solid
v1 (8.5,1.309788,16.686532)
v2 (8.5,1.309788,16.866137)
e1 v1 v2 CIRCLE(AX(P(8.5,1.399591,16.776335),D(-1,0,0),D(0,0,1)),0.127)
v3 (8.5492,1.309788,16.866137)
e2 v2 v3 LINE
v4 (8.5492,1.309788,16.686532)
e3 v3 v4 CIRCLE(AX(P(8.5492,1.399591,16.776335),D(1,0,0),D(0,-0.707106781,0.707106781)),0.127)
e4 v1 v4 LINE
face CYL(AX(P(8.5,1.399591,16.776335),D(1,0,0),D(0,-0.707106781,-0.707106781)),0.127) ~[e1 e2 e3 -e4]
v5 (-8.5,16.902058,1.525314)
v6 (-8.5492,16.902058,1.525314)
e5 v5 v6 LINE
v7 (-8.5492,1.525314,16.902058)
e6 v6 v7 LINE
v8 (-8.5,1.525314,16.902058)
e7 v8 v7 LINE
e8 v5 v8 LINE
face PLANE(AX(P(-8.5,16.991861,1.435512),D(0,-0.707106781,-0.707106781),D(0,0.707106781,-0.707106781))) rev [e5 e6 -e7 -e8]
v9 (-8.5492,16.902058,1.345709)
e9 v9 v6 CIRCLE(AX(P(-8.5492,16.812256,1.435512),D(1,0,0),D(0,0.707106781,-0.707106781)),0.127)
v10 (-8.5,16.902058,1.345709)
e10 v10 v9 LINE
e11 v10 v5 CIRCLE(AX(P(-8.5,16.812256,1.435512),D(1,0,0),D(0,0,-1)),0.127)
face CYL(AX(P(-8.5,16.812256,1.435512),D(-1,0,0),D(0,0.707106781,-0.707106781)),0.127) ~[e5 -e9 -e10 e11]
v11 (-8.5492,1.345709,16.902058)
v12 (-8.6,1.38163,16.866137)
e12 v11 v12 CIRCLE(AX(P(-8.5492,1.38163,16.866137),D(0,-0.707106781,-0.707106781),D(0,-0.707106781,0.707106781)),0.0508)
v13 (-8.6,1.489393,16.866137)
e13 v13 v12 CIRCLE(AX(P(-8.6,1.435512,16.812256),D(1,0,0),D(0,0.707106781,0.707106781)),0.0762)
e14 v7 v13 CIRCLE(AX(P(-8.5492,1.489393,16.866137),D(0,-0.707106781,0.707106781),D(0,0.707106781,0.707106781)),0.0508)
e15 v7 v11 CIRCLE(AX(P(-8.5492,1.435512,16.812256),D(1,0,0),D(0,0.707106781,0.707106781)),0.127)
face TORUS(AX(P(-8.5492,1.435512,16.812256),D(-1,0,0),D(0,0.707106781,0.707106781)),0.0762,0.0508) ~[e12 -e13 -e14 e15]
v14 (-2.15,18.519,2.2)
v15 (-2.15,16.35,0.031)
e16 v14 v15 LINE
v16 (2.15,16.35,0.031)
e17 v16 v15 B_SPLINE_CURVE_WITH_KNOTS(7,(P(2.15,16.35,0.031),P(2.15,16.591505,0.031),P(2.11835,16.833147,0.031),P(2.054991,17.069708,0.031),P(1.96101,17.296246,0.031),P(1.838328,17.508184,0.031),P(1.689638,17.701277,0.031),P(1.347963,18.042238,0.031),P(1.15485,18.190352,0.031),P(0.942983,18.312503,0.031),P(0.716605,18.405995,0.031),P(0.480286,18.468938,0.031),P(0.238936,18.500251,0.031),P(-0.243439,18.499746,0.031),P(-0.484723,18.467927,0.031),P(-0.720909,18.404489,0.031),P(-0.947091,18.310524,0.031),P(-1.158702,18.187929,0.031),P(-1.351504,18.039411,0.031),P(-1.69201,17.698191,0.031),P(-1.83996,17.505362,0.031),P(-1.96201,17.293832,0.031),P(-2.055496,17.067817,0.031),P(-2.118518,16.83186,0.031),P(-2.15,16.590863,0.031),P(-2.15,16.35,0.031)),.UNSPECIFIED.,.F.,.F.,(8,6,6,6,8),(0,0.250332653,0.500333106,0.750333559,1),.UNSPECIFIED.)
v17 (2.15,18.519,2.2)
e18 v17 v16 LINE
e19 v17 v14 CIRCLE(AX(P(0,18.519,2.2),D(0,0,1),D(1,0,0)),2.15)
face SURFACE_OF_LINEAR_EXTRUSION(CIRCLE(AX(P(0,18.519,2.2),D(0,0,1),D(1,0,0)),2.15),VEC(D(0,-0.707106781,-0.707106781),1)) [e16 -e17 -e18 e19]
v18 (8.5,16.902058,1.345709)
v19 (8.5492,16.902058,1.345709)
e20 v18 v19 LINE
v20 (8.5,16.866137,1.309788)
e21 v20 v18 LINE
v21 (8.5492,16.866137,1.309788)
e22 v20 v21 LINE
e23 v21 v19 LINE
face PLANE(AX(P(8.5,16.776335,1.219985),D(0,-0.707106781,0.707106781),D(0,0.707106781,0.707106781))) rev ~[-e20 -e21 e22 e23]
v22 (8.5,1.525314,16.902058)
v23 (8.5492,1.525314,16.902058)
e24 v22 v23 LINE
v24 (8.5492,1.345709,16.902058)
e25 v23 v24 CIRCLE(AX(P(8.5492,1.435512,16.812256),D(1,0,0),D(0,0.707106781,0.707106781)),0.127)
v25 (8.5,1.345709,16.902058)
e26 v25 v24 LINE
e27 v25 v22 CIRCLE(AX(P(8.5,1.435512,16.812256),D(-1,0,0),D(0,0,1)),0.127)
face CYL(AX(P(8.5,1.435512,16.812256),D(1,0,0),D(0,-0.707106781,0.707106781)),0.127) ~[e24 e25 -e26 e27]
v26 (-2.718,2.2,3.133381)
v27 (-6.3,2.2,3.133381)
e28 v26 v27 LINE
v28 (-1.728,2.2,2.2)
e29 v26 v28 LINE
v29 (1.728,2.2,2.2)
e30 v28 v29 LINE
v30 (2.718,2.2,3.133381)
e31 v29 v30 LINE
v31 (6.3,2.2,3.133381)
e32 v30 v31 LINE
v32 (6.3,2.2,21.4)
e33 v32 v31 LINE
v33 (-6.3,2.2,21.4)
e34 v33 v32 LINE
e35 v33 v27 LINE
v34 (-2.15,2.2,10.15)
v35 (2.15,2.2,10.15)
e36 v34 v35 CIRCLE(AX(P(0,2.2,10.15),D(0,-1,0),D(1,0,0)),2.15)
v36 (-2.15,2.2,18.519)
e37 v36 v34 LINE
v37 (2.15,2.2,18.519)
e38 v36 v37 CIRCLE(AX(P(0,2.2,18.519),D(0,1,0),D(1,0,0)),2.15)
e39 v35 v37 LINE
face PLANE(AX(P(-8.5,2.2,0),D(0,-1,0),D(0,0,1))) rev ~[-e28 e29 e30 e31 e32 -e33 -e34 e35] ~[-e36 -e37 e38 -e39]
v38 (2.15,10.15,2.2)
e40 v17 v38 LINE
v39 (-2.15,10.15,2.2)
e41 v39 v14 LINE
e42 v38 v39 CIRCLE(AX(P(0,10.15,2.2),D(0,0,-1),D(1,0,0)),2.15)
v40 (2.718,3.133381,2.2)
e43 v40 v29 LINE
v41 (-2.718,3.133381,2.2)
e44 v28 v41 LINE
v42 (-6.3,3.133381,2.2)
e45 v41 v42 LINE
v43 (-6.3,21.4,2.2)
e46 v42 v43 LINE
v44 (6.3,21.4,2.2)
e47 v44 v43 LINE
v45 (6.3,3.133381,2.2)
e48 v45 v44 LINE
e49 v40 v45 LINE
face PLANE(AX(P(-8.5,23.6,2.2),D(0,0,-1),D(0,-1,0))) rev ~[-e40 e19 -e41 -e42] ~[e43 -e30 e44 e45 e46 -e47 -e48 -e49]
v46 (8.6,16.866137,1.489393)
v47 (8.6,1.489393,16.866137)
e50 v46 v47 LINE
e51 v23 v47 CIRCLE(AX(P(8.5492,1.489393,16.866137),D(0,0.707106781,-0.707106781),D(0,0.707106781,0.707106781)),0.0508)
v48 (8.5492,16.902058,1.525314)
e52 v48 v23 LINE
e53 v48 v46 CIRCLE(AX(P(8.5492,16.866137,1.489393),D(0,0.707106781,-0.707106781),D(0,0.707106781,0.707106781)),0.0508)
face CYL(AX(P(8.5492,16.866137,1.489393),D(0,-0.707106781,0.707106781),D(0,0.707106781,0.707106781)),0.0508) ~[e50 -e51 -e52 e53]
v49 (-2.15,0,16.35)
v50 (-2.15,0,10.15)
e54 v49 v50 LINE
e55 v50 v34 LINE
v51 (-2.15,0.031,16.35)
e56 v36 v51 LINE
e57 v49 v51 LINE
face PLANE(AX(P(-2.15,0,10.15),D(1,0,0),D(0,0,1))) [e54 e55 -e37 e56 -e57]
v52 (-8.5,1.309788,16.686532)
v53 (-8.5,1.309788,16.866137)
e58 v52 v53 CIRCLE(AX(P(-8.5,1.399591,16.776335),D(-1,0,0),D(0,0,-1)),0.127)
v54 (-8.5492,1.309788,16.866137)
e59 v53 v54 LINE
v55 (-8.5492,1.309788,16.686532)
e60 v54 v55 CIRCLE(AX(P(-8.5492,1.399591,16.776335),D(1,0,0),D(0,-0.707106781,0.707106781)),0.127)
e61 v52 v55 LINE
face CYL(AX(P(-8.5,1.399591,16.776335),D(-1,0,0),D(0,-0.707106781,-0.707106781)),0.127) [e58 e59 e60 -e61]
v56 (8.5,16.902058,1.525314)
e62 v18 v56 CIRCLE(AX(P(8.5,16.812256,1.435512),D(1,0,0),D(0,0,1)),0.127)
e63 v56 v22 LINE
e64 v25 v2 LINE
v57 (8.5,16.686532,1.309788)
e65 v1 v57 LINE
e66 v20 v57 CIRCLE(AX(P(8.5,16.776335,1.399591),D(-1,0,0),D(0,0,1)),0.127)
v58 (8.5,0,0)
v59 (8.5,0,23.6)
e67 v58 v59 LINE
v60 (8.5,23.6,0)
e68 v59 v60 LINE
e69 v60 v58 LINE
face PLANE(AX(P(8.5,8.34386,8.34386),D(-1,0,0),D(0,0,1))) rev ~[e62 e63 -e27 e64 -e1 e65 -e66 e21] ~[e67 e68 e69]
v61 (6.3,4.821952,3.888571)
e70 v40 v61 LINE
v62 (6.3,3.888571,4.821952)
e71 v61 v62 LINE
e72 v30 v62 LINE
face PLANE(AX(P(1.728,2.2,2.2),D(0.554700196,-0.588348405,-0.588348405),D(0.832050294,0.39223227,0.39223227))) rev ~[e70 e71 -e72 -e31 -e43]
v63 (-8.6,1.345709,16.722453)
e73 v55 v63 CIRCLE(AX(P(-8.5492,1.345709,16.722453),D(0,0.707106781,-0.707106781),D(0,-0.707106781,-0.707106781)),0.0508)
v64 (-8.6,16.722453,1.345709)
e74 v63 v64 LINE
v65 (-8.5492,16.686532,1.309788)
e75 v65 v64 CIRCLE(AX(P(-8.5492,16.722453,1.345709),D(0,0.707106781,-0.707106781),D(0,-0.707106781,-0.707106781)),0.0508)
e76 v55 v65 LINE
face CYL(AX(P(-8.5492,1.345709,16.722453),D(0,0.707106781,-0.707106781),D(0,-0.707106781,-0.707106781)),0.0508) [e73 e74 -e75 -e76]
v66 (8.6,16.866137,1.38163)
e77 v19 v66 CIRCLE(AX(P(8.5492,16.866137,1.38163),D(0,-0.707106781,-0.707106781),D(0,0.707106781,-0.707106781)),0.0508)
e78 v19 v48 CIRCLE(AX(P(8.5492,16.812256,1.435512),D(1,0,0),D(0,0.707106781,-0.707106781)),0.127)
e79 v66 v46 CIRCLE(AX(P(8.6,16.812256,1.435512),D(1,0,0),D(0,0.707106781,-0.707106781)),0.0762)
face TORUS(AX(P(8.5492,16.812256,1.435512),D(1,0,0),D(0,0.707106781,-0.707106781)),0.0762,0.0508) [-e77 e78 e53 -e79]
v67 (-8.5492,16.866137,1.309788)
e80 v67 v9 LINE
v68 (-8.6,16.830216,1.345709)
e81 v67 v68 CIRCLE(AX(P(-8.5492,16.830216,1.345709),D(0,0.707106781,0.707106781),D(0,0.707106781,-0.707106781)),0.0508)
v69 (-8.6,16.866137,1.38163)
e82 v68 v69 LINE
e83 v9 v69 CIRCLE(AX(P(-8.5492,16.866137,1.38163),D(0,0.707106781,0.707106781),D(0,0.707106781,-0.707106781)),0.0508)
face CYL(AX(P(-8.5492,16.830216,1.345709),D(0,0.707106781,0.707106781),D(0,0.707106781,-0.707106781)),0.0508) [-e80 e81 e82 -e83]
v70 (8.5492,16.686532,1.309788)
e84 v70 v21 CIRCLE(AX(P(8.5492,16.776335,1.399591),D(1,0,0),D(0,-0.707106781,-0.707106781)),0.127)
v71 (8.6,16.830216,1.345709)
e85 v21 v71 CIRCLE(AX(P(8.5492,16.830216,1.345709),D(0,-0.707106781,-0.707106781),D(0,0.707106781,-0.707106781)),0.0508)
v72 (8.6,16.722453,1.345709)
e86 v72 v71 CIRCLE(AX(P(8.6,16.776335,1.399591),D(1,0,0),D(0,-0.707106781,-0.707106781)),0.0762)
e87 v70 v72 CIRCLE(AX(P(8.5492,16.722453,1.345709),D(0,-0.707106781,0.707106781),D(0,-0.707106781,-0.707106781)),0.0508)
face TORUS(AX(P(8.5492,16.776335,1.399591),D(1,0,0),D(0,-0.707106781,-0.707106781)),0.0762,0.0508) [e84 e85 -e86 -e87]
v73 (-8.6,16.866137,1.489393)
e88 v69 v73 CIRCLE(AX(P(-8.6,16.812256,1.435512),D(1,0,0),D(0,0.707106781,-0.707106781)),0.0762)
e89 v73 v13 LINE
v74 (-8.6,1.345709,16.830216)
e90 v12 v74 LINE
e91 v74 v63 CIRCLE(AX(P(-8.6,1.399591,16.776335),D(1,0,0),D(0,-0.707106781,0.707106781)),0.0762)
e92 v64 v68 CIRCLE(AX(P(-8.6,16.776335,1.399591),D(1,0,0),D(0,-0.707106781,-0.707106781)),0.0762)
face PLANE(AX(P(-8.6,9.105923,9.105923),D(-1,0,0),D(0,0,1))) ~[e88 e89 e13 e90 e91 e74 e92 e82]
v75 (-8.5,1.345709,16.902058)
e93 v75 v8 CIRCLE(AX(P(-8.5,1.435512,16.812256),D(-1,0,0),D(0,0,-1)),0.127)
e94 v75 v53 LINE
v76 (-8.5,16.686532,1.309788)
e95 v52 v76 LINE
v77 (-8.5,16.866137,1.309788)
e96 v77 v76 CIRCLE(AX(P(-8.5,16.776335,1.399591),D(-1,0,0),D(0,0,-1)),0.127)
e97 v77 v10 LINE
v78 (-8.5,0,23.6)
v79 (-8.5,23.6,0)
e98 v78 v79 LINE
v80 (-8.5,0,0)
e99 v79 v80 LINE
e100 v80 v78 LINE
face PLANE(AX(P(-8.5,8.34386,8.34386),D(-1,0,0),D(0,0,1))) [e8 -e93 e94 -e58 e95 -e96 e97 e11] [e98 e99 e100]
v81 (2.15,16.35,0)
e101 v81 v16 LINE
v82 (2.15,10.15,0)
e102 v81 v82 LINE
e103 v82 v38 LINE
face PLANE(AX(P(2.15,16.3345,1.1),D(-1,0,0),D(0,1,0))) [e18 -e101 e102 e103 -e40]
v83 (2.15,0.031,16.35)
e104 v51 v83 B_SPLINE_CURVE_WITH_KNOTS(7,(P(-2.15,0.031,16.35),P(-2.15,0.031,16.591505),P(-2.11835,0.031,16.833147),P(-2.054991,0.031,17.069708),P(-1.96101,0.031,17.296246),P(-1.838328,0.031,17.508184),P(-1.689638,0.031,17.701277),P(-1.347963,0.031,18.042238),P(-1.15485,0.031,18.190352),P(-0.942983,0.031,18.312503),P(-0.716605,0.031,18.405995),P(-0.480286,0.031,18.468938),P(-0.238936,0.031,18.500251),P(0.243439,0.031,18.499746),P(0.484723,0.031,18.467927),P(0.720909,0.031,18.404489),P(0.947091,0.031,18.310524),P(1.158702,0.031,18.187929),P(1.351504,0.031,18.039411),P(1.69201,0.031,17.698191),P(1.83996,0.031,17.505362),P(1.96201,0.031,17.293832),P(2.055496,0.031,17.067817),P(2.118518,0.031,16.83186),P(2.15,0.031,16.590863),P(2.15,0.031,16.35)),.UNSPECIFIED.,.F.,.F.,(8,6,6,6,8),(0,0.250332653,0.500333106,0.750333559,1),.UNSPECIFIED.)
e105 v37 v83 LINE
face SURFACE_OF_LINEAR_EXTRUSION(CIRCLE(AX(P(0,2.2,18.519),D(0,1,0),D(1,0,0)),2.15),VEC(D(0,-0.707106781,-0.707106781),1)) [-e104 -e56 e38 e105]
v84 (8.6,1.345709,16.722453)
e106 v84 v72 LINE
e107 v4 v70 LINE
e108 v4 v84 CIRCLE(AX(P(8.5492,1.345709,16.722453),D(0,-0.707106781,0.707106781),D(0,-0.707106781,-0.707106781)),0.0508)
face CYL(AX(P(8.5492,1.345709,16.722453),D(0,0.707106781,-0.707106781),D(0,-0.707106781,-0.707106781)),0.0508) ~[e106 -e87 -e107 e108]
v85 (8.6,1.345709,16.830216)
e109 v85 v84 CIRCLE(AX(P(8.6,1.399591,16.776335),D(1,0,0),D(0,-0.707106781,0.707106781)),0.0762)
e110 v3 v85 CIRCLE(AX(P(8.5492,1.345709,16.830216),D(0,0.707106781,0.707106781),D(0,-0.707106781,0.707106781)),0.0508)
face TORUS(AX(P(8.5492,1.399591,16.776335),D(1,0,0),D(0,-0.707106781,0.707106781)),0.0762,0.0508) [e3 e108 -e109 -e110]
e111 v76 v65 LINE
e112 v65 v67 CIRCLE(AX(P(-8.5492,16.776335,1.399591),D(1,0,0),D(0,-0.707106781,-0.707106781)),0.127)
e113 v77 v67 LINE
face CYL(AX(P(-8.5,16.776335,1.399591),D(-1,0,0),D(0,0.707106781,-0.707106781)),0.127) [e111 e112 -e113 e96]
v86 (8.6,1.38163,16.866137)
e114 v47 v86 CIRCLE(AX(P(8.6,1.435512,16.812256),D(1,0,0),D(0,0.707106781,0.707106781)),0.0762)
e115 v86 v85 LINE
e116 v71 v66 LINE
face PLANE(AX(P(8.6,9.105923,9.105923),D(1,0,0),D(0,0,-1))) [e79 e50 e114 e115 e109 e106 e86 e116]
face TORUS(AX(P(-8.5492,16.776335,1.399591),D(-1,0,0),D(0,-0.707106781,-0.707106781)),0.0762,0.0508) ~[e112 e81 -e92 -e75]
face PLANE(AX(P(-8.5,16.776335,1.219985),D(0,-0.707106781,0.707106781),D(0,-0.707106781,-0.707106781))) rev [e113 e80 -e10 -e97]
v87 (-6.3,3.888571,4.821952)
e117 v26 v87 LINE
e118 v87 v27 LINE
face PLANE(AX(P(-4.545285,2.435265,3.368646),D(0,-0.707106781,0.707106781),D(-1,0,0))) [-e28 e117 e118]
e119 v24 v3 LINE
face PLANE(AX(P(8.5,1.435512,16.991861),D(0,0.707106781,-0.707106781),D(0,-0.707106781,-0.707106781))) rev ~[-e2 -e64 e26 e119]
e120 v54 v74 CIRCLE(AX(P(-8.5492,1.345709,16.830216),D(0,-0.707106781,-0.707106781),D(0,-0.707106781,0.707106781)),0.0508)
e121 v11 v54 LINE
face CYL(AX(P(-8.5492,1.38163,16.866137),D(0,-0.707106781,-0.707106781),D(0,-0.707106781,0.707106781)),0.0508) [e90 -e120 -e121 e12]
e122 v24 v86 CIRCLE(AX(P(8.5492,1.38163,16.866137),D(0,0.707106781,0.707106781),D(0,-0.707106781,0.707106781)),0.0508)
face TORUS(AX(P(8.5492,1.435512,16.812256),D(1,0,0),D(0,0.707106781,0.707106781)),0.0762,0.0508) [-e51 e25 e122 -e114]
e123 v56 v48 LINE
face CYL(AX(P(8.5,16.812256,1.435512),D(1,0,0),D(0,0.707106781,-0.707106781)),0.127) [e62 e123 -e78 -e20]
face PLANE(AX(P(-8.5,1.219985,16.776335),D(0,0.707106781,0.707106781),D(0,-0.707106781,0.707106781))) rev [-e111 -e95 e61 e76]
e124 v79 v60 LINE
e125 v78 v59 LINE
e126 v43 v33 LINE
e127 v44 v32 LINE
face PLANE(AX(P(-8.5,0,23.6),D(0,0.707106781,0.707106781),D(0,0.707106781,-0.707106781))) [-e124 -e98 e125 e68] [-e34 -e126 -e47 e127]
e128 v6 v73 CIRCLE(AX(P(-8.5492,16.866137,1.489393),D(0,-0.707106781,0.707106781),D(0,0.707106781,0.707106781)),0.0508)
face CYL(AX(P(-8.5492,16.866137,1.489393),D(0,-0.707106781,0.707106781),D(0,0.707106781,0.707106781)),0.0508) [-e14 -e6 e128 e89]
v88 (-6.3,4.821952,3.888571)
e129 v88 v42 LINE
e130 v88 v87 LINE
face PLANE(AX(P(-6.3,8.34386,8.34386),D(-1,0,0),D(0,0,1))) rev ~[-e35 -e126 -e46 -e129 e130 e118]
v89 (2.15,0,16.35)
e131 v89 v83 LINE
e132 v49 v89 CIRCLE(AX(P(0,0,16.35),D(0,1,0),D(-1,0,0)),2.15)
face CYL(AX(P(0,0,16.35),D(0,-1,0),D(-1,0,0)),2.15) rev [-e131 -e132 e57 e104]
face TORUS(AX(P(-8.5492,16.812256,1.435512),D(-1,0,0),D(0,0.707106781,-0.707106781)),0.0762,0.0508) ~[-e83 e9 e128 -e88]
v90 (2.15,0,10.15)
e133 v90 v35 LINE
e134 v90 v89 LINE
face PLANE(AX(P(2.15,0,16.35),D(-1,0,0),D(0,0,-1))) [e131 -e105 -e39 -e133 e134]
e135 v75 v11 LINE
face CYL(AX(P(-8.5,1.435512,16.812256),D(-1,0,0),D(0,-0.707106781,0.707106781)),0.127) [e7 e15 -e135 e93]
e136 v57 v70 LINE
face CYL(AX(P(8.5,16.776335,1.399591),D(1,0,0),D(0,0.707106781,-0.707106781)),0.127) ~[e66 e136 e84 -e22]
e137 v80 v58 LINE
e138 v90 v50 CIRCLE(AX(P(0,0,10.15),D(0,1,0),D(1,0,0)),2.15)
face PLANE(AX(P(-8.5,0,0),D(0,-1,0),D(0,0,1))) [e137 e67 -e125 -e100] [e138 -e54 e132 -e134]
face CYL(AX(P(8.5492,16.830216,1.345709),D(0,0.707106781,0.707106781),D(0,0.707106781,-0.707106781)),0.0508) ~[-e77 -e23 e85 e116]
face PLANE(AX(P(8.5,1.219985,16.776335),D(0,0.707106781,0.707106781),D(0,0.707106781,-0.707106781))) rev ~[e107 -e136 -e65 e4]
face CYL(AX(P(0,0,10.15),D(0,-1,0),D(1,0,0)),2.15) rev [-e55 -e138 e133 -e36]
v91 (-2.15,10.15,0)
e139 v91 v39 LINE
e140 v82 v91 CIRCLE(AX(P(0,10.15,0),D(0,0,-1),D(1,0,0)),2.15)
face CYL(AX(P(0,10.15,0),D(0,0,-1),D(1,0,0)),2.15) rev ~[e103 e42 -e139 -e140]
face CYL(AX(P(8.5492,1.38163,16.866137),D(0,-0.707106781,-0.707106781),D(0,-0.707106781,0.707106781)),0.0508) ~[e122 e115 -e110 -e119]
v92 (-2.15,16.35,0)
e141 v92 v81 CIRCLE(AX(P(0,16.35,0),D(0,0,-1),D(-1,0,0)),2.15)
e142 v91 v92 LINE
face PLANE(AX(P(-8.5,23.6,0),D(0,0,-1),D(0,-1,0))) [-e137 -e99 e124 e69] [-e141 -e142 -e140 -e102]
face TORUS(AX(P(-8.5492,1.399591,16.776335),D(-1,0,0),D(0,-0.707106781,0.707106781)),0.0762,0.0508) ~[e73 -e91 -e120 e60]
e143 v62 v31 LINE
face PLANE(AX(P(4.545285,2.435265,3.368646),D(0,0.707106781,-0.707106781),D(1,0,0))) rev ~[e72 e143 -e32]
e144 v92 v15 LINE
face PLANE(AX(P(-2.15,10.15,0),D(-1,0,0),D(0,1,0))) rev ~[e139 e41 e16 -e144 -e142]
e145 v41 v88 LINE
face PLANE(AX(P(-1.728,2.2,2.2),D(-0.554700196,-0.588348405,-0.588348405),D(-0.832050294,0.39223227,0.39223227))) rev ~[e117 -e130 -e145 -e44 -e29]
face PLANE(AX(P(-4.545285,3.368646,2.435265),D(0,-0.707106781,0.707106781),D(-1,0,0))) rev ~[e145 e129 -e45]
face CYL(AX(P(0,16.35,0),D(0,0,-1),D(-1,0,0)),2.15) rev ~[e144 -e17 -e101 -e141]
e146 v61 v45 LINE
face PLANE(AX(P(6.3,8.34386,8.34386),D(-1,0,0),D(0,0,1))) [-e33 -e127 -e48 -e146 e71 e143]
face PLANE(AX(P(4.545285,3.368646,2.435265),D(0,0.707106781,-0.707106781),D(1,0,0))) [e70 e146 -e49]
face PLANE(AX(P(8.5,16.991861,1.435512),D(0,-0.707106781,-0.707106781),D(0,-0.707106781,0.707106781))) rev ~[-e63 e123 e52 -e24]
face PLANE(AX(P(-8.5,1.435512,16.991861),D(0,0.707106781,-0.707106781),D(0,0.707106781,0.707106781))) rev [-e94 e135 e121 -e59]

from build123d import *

# Parameters (mm, degrees)
BOSS_EXTRUDE1_DEPTH      = 8.5
BOSS_EXTRUDE1_DEPTH_BACK = 8.5
SHELL1_T                 = -2.2
BOSS_EXTRUDE2_DEPTH      = 0.66
CUT_EXTRUDE1_REACH       = 36.441
CUT_EXTRUDE2_REACH       = 36.441
EXTRUDE_THIN1_DEPTH      = 0.1
FILLET1_R                = 0.127
FILLET2_R                = 0.0508
FILLET1_OF_MIRROR1_R     = 0.127
FILLET2_OF_MIRROR1_R     = 0.0508


with BuildPart() as part:
    # Sketch4 → Boss-Extrude1 (new, two sides: drawn at the far end of the back side and taken through both)
    with BuildSketch(Plane(origin=(0, 0, 0), x_dir=(0, 0, -1), z_dir=(1, 0, 0)).offset(-BOSS_EXTRUDE1_DEPTH_BACK)):
        Polygon((0, 0), (-23.6, 0), (0, 23.6), align=None)
    extrude(amount=BOSS_EXTRUDE1_DEPTH + BOSS_EXTRUDE1_DEPTH_BACK)

    # Shell1
    shell1_openings = [part.faces().sort_by_distance(p)[0] for p in [
        (0, 11.8, 11.8),
    ]]
    offset(amount=SHELL1_T, openings=shell1_openings, kind=Kind.INTERSECTION)

    # Sketch5 → Boss-Extrude2 (add, symmetric)
    with BuildSketch(Plane(origin=(0, 0, 0), x_dir=(1, 0, 0), z_dir=(0, 0.7071067811865477, -0.7071067811865474))):
        Polygon((6.3, -3.111269837), (1.728, -3.111269837), (6.3, -6.159269837), align=None)
        Polygon((-1.728, -3.111269837), (-6.3, -6.159269837), (-6.3, -3.111269837), align=None)
    extrude(amount=BOSS_EXTRUDE2_DEPTH, both=True)

    # Sketch9 → Cut-Extrude1 (cut, up to next)
    with BuildSketch(Plane.XZ, mode=Mode.PRIVATE) as cut_extrude1_sk1:
        with BuildLine():
            Line((-2.15, 10.15), (-2.15, 16.35))
            ThreePointArc((-2.15, 16.35), (0, 18.5), (2.15, 16.35))
            Line((2.15, 16.35), (2.15, 10.15))
            ThreePointArc((2.15, 10.15), (0, 8), (-2.15, 10.15))
        make_face()
    cut_extrude1_tool1 = extrude(cut_extrude1_sk1.sketch, amount=-CUT_EXTRUDE1_REACH, mode=Mode.PRIVATE) & part.part
    add(cut_extrude1_tool1.solids().sort_by_distance((0, 0, 13.25))[0], mode=Mode.SUBTRACT)

    # Cut-Sweep2: sweep along a path in Sketch8
    with BuildLine(Plane(origin=(0, 0, 0), x_dir=(0, 0, -1), z_dir=(1, 0, 0))) as cut_sweep2_path:
        Line((-20.7, 2.2), (-18.5, 0))
    # Sketch10 → Cut-Sweep2 (sweep, cut)
    with BuildSketch(Plane(origin=(0, 2.2, 0), x_dir=(1, 0, 0), z_dir=(0, 1, 0))):
        with BuildLine():
            Line((-2.15, -18.519), (-2.15, -16.35))
            Line((-2.15, -16.35), (2.15, -16.35))
            Line((2.15, -16.35), (2.15, -18.519))
            ThreePointArc((2.15, -18.519), (0, -20.669), (-2.15, -18.519))
        make_face()
    sweep(path=cut_sweep2_path.line, mode=Mode.SUBTRACT)

    # Sketch11 → Cut-Extrude2 (cut, up to next)
    with BuildSketch(Plane(origin=(0, 0, 0), x_dir=(-1, 0, 0), z_dir=(0, 0, -1)), mode=Mode.PRIVATE) as cut_extrude2_sk1:
        with BuildLine():
            Line((-2.15, 16.35), (-2.15, 10.15))
            ThreePointArc((-2.15, 10.15), (0, 8), (2.15, 10.15))
            Line((2.15, 10.15), (2.15, 16.35))
            ThreePointArc((2.15, 16.35), (0, 18.5), (-2.15, 16.35))
        make_face()
    cut_extrude2_tool1 = extrude(cut_extrude2_sk1.sketch, amount=-CUT_EXTRUDE2_REACH, mode=Mode.PRIVATE) & part.part
    add(cut_extrude2_tool1.solids().sort_by_distance((0, 13.25, 0))[0], mode=Mode.SUBTRACT)

    # Cut-Sweep3: sweep along a path in Sketch13
    with BuildLine(Plane(origin=(0, 0, 0), x_dir=(0, 0, -1), z_dir=(1, 0, 0))) as cut_sweep3_path:
        Line((-2.2, 20.7), (0, 18.5))
    # Sketch12 → Cut-Sweep3 (sweep, cut)
    with BuildSketch(Plane.XY.offset(2.2)):
        with BuildLine():
            Line((-2.15, 18.519), (-2.15, 16.35))
            Line((-2.15, 16.35), (2.15, 16.35))
            Line((2.15, 16.35), (2.15, 18.519))
            ThreePointArc((2.15, 18.519), (0, 20.669), (-2.15, 18.519))
        make_face()
    sweep(path=cut_sweep3_path.line, mode=Mode.SUBTRACT)

    # Sketch14 → Extrude-Thin1 (add)
    with BuildSketch(Plane(origin=(8.5, 0, 0), x_dir=(0, 0, -1), z_dir=(1, 0, 0))):
        Polygon((-1.435511644, 16.99186083), (-16.99186083, 1.435511644), (-16.776334683, 1.219985497), (-1.219985497, 16.776334683), align=None)
    extrude_thin1 = extrude(amount=EXTRUDE_THIN1_DEPTH)

    # Fillet1
    fillet1_edges = [part.edges().sort_by_distance(p)[0] for p in [
        (8.55, 16.99186083, 1.435511644),
        (8.55, 1.435511644, 16.99186083),
        (8.55, 1.219985497, 16.776334683),
        (8.55, 16.776334683, 1.219985497),
    ]]
    fillet(fillet1_edges, radius=FILLET1_R)

    # Fillet2
    fillet2_edges = [part.edges().sort_by_distance(p)[0] for p in [
        (8.6, 9.213686237, 9.213686237),
        (8.6, 16.884097757, 1.327748571),
        (8.6, 1.327748571, 16.884097757),
        (8.6, 8.99816009, 8.99816009),
        (8.6, 1.435511644, 16.939255708),
        (8.6, 1.27259062, 16.776334683),
        (8.6, 16.776334683, 1.27259062),
        (8.6, 16.939255708, 1.435511644),
    ]]
    fillet(fillet2_edges, radius=FILLET2_R)

    # Mirror1: Extrude-Thin1 across plane
    add(extrude_thin1.mirror(Plane(origin=(0, 0, 0), x_dir=(0, 0, 1), z_dir=(1, 0, 0))))

    # Fillet1 of Mirror1
    fillet1_of_mirror1_edges = [part.edges().sort_by_distance(p)[0] for p in [
        (-8.55, 16.99186083, 1.435511644),
        (-8.55, 1.435511644, 16.99186083),
        (-8.55, 1.219985497, 16.776334683),
        (-8.55, 16.776334683, 1.219985497),
    ]]
    fillet(fillet1_of_mirror1_edges, radius=FILLET1_OF_MIRROR1_R)

    # Fillet2 of Mirror1
    fillet2_of_mirror1_edges = [part.edges().sort_by_distance(p)[0] for p in [
        (-8.6, 9.213686237, 9.213686237),
        (-8.6, 16.884097757, 1.327748571),
        (-8.6, 1.327748571, 16.884097757),
        (-8.6, 8.99816009, 8.99816009),
        (-8.6, 1.435511644, 16.939255708),
        (-8.6, 1.27259062, 16.776334683),
        (-8.6, 16.776334683, 1.27259062),
        (-8.6, 16.939255708, 1.435511644),
    ]]
    fillet(fillet2_of_mirror1_edges, radius=FILLET2_OF_MIRROR1_R)


solid = part.part
